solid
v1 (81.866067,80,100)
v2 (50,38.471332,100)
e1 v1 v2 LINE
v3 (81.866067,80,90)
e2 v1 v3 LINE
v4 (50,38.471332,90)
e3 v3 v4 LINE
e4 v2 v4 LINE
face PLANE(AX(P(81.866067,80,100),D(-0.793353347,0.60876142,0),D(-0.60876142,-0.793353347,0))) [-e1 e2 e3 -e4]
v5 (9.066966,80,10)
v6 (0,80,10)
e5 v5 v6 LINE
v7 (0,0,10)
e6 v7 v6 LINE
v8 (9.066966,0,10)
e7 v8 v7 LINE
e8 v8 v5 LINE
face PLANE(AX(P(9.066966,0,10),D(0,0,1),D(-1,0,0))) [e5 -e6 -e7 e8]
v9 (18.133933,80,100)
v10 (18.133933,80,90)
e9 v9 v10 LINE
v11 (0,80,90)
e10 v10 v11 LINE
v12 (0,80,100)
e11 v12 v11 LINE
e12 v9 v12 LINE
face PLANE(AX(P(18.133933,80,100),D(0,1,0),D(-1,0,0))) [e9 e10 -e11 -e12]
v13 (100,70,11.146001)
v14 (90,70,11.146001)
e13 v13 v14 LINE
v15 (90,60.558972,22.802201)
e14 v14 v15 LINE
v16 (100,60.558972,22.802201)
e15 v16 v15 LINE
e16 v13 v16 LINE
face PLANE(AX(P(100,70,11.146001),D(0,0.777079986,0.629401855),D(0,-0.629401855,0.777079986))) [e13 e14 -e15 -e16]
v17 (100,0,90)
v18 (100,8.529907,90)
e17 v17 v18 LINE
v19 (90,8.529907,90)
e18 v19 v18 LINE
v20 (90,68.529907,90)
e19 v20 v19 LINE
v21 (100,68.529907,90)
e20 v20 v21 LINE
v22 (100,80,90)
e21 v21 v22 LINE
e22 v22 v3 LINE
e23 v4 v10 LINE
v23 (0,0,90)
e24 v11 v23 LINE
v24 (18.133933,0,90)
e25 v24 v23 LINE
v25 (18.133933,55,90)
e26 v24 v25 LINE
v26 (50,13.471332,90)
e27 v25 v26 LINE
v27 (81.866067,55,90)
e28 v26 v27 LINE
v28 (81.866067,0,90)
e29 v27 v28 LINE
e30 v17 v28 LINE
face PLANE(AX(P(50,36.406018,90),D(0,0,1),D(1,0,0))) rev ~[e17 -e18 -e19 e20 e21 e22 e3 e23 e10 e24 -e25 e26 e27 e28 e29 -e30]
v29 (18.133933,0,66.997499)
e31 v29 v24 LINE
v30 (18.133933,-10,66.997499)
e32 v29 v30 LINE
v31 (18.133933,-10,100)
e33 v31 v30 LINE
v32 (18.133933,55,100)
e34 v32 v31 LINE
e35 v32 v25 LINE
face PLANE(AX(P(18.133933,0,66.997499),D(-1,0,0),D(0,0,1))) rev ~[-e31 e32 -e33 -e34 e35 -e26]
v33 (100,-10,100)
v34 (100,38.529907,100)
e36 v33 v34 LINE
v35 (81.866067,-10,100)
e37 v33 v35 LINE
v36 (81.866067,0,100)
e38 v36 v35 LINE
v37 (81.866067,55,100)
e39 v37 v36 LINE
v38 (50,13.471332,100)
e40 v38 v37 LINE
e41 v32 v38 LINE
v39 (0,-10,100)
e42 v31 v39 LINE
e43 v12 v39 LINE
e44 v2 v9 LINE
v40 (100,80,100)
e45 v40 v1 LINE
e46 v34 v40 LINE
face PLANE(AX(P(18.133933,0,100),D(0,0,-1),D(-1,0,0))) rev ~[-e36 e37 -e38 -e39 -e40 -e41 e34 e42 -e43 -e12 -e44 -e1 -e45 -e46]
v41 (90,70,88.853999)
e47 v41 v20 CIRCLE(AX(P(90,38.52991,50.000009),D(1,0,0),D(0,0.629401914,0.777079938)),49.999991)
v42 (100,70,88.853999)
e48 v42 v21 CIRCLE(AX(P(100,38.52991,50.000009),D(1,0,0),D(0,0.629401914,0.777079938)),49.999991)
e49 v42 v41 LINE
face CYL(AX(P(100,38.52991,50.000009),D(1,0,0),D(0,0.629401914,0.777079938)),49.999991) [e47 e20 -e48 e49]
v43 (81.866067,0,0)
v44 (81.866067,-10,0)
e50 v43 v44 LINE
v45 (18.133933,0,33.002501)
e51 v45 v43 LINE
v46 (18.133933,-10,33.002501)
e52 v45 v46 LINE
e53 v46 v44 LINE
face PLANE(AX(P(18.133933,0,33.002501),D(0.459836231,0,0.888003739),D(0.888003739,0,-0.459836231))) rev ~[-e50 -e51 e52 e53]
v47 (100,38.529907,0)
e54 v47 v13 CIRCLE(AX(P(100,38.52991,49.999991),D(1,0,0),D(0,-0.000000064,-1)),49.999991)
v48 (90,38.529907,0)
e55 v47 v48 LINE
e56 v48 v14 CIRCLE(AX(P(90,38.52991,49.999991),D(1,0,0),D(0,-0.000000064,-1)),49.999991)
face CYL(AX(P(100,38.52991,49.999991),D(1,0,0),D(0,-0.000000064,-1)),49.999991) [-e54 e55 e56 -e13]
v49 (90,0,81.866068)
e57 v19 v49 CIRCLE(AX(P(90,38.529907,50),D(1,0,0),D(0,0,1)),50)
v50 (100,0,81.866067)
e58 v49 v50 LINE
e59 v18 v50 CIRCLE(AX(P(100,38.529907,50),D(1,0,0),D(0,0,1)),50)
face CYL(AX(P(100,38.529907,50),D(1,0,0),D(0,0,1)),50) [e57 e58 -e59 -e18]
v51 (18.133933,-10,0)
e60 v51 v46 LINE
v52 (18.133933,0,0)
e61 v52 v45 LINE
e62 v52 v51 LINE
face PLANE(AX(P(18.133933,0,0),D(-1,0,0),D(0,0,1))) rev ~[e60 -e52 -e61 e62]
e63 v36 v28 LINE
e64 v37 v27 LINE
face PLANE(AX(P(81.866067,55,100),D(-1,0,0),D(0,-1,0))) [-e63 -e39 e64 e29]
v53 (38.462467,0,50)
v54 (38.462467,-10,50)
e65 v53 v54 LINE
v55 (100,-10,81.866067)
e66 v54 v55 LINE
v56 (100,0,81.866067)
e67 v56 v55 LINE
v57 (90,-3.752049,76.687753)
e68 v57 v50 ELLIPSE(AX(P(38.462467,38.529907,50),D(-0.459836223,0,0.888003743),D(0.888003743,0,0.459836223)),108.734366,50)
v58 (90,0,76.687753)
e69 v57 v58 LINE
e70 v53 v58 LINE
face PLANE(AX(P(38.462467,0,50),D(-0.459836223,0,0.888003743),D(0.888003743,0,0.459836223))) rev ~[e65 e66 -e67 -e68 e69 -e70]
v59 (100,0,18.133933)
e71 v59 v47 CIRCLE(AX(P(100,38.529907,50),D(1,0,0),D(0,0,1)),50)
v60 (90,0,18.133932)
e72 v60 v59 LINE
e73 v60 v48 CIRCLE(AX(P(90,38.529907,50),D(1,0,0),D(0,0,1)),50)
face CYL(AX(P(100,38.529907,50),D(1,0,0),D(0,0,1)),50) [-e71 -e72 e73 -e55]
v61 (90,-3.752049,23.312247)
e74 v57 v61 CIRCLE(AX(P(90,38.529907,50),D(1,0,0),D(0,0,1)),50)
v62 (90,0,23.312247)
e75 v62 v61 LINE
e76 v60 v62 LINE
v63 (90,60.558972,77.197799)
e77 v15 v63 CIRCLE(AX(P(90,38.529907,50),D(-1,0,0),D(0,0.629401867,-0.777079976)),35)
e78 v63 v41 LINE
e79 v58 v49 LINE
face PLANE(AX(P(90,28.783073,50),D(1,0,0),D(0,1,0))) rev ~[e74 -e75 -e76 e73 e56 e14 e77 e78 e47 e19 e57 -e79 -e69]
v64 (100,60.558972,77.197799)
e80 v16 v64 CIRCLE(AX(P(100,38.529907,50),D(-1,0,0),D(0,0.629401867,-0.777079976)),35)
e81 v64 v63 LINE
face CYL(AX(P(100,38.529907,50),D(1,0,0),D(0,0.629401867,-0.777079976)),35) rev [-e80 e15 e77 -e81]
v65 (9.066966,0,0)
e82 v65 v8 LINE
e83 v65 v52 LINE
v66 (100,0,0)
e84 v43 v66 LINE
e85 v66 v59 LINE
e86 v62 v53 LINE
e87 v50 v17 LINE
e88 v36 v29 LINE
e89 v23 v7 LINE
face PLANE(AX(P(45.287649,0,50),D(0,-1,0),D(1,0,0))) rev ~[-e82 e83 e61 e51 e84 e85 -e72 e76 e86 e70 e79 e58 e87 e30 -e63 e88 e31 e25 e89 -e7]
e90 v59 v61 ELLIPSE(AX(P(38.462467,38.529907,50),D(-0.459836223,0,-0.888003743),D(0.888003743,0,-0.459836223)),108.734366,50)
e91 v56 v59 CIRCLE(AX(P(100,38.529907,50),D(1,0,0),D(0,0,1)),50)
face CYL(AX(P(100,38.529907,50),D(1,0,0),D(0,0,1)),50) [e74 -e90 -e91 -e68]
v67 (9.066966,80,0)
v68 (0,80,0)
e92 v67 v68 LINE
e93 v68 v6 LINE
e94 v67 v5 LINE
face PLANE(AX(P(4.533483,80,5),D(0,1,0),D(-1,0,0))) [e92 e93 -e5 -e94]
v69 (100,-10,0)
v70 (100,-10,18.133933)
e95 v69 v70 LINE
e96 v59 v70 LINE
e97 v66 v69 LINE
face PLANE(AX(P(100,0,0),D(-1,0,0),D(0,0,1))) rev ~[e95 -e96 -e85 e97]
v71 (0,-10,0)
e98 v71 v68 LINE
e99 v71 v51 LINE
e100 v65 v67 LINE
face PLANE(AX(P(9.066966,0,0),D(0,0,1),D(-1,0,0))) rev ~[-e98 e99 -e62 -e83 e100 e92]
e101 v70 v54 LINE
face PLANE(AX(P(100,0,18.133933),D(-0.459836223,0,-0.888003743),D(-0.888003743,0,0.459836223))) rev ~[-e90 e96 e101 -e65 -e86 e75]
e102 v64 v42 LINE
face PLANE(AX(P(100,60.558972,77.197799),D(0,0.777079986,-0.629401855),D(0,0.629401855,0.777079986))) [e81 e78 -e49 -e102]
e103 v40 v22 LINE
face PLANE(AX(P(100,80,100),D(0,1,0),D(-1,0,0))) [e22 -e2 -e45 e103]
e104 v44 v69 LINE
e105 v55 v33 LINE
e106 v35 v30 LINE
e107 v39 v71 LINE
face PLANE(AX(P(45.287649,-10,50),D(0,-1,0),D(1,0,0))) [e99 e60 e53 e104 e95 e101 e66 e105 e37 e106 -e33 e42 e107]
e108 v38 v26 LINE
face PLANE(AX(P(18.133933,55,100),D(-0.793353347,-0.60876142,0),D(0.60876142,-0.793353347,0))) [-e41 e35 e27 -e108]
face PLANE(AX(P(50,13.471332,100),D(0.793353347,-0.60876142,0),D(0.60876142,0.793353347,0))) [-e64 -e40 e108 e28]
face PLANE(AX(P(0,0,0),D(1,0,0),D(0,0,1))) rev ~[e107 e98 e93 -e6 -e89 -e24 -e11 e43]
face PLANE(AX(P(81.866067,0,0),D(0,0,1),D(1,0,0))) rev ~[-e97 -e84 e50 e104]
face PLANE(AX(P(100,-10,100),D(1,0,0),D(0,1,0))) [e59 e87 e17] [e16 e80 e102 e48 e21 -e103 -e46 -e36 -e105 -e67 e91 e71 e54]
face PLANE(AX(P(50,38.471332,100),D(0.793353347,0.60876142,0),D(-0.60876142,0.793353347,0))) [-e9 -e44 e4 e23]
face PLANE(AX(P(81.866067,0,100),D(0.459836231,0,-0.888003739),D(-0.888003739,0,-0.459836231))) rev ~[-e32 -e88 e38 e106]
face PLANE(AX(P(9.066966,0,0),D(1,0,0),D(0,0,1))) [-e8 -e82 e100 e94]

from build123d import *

# Parameters (mm, degrees)
F1_DEPTH = 10
F3_DEPTH = 10
F5_DEPTH = 10
F6_W     = 9.066966
F6_H     = 10
F7_DEPTH = 80


with BuildPart() as f1:
    # F0 (on Front) → F1 (new body)
    with BuildSketch(Plane.XZ):
        Polygon((0, 100), (0, 0), (18.133933, 0), (18.133933, 33.002501), (81.866067, 0), (100, 0), (100, 18.133933), (38.462467, 50), (100, 81.866067), (100, 100), (81.866067, 100), (18.133933, 66.997499), (18.133933, 100), align=None)
    extrude(amount=F1_DEPTH)

    # F2 (on face) → F3 (join)
    with BuildSketch(Plane.YZ.offset(100)):
        with BuildLine():
            Line((60.558972, 77.197799), (70, 88.853999))
            ThreePointArc((70, 88.853999), (55.222721, 97.1312), (38.529907, 100))
            ThreePointArc((38.529907, 100), (-11.470093, 50), (38.529907, 0))
            ThreePointArc((38.529907, 0), (55.222721, 2.8688), (70, 11.146001))
            Line((70, 11.146001), (60.558972, 22.802201))
            ThreePointArc((60.558972, 22.802201), (3.529907, 50), (60.558972, 77.197799))
        make_face()
    extrude(amount=-F3_DEPTH)

    # F4 (on face) → F5 (join)
    with BuildSketch(Plane.XY.offset(100)):
        Polygon((0, -10), (18.133933, -10), (18.133933, 55), (50, 13.471332), (81.866067, 55), (81.866067, -10), (100, -10), (100, 80), (81.866067, 80), (50, 38.471332), (18.133933, 80), (0, 80), align=None)
    extrude(amount=-F5_DEPTH)

    # F6 (on face) → F7 (join)
    with BuildSketch(Plane(origin=(0, 0, 0), x_dir=(-1, 0, 0), z_dir=(0, 1, 0))):
        with Locations((-4.533483, 5)):
            Rectangle(F6_W, F6_H)
    extrude(amount=F7_DEPTH)


solid = f1.part
